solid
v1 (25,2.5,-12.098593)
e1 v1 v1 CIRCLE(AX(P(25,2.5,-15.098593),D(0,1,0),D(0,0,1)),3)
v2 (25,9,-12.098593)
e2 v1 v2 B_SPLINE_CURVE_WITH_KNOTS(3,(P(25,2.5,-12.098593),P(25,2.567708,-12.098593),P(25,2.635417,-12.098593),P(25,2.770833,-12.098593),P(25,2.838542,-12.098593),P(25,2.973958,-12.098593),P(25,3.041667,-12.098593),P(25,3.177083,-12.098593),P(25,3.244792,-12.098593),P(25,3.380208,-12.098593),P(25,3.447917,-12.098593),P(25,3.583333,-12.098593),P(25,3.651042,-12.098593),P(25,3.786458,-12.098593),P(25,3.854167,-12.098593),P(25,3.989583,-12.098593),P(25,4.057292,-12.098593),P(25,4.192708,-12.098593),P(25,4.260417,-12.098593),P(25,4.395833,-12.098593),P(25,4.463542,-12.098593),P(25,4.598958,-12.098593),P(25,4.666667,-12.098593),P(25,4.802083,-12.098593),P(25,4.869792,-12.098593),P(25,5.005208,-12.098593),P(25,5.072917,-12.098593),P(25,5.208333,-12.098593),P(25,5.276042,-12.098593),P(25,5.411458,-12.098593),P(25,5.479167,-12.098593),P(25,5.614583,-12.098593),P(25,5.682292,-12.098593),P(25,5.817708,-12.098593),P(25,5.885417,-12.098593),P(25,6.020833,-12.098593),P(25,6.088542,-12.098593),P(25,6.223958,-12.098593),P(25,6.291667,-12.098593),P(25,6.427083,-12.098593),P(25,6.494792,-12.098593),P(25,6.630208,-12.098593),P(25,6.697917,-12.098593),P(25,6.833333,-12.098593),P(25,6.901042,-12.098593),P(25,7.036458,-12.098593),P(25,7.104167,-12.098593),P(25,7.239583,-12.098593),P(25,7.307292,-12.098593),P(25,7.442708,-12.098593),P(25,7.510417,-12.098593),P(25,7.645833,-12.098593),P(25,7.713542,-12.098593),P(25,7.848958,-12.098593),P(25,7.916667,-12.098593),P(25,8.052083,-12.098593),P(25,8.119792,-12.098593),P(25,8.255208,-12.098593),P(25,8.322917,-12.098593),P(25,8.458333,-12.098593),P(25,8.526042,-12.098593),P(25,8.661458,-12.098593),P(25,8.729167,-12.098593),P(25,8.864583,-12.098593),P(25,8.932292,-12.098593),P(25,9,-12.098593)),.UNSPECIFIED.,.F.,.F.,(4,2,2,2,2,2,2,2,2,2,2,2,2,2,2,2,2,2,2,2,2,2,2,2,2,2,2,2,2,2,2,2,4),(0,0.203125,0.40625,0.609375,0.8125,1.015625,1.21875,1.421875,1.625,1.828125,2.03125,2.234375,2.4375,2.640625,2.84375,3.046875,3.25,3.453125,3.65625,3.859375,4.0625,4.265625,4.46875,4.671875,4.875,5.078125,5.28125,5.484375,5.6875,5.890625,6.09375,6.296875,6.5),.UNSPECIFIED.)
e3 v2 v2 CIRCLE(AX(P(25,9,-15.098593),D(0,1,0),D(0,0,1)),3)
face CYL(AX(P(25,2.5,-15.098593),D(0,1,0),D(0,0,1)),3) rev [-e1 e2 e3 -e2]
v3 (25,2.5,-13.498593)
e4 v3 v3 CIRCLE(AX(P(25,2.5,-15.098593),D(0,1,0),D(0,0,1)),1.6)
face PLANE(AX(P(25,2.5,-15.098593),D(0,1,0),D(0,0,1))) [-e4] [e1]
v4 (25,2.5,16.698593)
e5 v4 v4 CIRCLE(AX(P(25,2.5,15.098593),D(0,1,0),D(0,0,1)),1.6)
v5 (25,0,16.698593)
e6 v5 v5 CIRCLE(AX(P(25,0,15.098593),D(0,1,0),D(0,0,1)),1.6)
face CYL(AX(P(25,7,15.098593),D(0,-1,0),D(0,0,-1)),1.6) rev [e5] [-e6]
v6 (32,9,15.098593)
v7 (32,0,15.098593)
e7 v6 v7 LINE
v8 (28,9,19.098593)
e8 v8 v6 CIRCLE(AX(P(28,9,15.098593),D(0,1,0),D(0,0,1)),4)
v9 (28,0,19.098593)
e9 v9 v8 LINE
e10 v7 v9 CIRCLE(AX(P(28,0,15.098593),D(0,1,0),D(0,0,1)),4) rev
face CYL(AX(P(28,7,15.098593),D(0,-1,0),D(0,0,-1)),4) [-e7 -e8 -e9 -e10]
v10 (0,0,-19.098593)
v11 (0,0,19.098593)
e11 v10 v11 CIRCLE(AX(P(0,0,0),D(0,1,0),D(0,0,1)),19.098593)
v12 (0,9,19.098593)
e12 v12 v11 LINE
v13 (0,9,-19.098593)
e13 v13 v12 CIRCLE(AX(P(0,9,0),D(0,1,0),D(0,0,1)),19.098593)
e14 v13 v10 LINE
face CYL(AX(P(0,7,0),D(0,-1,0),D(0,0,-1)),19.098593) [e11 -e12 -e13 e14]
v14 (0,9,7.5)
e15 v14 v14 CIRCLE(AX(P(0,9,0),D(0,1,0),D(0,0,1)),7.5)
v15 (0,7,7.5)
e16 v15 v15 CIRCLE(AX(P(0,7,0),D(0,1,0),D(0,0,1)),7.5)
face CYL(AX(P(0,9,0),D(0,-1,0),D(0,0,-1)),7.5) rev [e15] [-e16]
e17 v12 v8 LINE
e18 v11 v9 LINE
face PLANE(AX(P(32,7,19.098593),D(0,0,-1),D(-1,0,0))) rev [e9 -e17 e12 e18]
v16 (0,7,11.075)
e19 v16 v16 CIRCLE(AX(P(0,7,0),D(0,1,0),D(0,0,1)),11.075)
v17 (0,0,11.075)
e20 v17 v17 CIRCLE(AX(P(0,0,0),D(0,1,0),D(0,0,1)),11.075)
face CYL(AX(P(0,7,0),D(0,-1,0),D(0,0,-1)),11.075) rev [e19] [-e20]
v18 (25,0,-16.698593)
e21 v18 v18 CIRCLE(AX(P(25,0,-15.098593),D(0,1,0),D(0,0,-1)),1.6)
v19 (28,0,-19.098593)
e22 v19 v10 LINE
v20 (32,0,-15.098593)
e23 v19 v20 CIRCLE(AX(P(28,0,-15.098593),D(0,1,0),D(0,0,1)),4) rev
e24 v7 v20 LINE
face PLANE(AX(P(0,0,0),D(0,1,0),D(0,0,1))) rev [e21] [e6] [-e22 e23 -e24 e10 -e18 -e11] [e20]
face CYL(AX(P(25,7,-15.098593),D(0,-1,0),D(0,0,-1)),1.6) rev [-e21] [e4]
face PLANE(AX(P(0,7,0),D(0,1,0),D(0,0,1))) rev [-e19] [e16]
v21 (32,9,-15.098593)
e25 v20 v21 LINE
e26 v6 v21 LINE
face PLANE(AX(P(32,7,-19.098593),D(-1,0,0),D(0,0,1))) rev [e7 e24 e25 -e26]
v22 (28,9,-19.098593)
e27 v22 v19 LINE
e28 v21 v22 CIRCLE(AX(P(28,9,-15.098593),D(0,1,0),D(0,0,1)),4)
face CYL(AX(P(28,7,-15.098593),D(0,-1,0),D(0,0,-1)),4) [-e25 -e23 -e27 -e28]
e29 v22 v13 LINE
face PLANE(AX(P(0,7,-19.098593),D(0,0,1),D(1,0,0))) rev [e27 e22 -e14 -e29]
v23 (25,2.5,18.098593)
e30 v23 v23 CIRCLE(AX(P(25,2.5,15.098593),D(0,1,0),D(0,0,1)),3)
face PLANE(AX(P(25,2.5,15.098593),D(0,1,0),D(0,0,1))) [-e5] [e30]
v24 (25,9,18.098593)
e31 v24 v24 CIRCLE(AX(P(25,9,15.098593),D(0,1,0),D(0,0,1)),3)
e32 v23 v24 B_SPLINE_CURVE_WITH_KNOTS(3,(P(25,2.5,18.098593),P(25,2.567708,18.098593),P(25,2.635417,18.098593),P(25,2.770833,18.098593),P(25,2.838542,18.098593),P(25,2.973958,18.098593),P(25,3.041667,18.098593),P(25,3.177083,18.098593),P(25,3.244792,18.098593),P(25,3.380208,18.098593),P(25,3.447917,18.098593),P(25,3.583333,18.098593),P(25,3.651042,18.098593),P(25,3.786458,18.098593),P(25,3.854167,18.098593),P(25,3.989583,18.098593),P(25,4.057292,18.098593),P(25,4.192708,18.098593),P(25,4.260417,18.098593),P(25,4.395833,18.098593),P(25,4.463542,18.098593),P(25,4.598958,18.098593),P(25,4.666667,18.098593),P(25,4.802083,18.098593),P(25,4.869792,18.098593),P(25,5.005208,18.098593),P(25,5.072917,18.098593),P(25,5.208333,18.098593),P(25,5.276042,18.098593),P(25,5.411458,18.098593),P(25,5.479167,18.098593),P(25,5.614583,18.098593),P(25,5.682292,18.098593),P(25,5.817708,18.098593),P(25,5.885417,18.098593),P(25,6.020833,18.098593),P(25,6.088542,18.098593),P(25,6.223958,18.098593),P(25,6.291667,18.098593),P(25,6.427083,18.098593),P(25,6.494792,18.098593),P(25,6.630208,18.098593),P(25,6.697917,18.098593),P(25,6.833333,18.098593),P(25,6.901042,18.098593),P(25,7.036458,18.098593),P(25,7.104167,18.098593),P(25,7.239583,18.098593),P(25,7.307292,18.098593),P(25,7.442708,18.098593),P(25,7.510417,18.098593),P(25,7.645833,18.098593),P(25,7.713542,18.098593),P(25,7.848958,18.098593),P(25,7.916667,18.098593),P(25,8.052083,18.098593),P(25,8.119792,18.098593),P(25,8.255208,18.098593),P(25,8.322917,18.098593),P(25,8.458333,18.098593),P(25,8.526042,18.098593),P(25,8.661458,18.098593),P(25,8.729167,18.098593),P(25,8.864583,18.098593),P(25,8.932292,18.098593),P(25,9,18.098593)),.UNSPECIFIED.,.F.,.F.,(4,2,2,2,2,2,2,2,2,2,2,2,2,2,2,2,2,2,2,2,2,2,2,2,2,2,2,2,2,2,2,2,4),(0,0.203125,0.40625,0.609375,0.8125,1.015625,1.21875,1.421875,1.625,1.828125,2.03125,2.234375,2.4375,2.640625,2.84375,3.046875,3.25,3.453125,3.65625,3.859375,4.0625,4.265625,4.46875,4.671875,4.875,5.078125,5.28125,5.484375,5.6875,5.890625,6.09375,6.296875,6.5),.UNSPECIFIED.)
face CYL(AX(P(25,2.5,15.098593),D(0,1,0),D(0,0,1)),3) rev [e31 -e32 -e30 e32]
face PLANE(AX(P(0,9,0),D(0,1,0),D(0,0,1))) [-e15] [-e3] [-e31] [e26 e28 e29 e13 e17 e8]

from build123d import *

# Parameters (mm, degrees)
SKIZZE1_R                       = 1.6
SKIZZE1_R_2                     = 11.075
AUFSATZ_LINEAR_AUSTRAGEN1_DEPTH = 7
SKIZZE3_R                       = 7.5
AUFSATZ_LINEAR_AUSTRAGEN2_DEPTH = 2
SKIZZE4_R                       = 3
SCHNITT_LINEAR_AUSTRAGEN1_DEPTH = 6.5
VERRUNDUNG4_R                   = 4


with BuildPart() as part:
    # Skizze1 → Aufsatz-Linear austragen1 (new body)
    with BuildSketch(Plane(origin=(0, 0, 0), x_dir=(1, 0, 0), z_dir=(0, 1, 0))):
        with BuildLine():
            Line((0, 19.098593171), (32, 19.098593171))
            Line((32, 19.098593171), (32, -19.098593171))
            Line((32, -19.098593171), (0, -19.098593171))
            ThreePointArc((0, -19.098593171), (-19.098593171, 0), (0, 19.098593171))
        make_face()
        with Locations(Location((25, -15.098593171, 0), (0, 0, 270))):
            Circle(SKIZZE1_R, mode=Mode.SUBTRACT)
        with Locations(Location((25, 15.098593171, 0), (0, 0, 90))):
            Circle(SKIZZE1_R, mode=Mode.SUBTRACT)
        with Locations(Location((0, 0, 0), (0, 0, 270))):
            Circle(SKIZZE1_R_2, mode=Mode.SUBTRACT)
    extrude(amount=AUFSATZ_LINEAR_AUSTRAGEN1_DEPTH)

    # Skizze3 → Aufsatz-Linear austragen2 (add)
    with BuildSketch(Plane(origin=(0, 7, 0), x_dir=(1, 0, 0), z_dir=(0, 1, 0))):
        with BuildLine():
            Line((0, 19.098593171), (32, 19.098593171))
            Line((32, 19.098593171), (32, -19.098593171))
            Line((32, -19.098593171), (0, -19.098593171))
            ThreePointArc((0, -19.098593171), (-19.098593171, 0), (0, 19.098593171))
        make_face()
        with Locations(Location((0, 0, 0), (0, 0, 270))):
            Circle(SKIZZE3_R, mode=Mode.SUBTRACT)
    extrude(amount=AUFSATZ_LINEAR_AUSTRAGEN2_DEPTH)

    # Skizze4 → Schnitt-Linear austragen1 (cut)
    with BuildSketch(Plane(origin=(0, 9, 0), x_dir=(1, 0, 0), z_dir=(0, 1, 0))):
        with Locations(Location((25, 15.098593171, 0), (0, 0, 270))):
            Circle(SKIZZE4_R)
        with Locations(Location((25, -15.098593171, 0), (0, 0, 270))):
            Circle(SKIZZE4_R)
    extrude(amount=-SCHNITT_LINEAR_AUSTRAGEN1_DEPTH, mode=Mode.SUBTRACT)

    # Verrundung4
    verrundung4_edges = [part.edges().sort_by_distance(p)[0] for p in [
        (32, 4.5, -19.098593171),
        (32, 4.5, 19.098593171),
    ]]
    fillet(verrundung4_edges, radius=VERRUNDUNG4_R)


solid = part.part
